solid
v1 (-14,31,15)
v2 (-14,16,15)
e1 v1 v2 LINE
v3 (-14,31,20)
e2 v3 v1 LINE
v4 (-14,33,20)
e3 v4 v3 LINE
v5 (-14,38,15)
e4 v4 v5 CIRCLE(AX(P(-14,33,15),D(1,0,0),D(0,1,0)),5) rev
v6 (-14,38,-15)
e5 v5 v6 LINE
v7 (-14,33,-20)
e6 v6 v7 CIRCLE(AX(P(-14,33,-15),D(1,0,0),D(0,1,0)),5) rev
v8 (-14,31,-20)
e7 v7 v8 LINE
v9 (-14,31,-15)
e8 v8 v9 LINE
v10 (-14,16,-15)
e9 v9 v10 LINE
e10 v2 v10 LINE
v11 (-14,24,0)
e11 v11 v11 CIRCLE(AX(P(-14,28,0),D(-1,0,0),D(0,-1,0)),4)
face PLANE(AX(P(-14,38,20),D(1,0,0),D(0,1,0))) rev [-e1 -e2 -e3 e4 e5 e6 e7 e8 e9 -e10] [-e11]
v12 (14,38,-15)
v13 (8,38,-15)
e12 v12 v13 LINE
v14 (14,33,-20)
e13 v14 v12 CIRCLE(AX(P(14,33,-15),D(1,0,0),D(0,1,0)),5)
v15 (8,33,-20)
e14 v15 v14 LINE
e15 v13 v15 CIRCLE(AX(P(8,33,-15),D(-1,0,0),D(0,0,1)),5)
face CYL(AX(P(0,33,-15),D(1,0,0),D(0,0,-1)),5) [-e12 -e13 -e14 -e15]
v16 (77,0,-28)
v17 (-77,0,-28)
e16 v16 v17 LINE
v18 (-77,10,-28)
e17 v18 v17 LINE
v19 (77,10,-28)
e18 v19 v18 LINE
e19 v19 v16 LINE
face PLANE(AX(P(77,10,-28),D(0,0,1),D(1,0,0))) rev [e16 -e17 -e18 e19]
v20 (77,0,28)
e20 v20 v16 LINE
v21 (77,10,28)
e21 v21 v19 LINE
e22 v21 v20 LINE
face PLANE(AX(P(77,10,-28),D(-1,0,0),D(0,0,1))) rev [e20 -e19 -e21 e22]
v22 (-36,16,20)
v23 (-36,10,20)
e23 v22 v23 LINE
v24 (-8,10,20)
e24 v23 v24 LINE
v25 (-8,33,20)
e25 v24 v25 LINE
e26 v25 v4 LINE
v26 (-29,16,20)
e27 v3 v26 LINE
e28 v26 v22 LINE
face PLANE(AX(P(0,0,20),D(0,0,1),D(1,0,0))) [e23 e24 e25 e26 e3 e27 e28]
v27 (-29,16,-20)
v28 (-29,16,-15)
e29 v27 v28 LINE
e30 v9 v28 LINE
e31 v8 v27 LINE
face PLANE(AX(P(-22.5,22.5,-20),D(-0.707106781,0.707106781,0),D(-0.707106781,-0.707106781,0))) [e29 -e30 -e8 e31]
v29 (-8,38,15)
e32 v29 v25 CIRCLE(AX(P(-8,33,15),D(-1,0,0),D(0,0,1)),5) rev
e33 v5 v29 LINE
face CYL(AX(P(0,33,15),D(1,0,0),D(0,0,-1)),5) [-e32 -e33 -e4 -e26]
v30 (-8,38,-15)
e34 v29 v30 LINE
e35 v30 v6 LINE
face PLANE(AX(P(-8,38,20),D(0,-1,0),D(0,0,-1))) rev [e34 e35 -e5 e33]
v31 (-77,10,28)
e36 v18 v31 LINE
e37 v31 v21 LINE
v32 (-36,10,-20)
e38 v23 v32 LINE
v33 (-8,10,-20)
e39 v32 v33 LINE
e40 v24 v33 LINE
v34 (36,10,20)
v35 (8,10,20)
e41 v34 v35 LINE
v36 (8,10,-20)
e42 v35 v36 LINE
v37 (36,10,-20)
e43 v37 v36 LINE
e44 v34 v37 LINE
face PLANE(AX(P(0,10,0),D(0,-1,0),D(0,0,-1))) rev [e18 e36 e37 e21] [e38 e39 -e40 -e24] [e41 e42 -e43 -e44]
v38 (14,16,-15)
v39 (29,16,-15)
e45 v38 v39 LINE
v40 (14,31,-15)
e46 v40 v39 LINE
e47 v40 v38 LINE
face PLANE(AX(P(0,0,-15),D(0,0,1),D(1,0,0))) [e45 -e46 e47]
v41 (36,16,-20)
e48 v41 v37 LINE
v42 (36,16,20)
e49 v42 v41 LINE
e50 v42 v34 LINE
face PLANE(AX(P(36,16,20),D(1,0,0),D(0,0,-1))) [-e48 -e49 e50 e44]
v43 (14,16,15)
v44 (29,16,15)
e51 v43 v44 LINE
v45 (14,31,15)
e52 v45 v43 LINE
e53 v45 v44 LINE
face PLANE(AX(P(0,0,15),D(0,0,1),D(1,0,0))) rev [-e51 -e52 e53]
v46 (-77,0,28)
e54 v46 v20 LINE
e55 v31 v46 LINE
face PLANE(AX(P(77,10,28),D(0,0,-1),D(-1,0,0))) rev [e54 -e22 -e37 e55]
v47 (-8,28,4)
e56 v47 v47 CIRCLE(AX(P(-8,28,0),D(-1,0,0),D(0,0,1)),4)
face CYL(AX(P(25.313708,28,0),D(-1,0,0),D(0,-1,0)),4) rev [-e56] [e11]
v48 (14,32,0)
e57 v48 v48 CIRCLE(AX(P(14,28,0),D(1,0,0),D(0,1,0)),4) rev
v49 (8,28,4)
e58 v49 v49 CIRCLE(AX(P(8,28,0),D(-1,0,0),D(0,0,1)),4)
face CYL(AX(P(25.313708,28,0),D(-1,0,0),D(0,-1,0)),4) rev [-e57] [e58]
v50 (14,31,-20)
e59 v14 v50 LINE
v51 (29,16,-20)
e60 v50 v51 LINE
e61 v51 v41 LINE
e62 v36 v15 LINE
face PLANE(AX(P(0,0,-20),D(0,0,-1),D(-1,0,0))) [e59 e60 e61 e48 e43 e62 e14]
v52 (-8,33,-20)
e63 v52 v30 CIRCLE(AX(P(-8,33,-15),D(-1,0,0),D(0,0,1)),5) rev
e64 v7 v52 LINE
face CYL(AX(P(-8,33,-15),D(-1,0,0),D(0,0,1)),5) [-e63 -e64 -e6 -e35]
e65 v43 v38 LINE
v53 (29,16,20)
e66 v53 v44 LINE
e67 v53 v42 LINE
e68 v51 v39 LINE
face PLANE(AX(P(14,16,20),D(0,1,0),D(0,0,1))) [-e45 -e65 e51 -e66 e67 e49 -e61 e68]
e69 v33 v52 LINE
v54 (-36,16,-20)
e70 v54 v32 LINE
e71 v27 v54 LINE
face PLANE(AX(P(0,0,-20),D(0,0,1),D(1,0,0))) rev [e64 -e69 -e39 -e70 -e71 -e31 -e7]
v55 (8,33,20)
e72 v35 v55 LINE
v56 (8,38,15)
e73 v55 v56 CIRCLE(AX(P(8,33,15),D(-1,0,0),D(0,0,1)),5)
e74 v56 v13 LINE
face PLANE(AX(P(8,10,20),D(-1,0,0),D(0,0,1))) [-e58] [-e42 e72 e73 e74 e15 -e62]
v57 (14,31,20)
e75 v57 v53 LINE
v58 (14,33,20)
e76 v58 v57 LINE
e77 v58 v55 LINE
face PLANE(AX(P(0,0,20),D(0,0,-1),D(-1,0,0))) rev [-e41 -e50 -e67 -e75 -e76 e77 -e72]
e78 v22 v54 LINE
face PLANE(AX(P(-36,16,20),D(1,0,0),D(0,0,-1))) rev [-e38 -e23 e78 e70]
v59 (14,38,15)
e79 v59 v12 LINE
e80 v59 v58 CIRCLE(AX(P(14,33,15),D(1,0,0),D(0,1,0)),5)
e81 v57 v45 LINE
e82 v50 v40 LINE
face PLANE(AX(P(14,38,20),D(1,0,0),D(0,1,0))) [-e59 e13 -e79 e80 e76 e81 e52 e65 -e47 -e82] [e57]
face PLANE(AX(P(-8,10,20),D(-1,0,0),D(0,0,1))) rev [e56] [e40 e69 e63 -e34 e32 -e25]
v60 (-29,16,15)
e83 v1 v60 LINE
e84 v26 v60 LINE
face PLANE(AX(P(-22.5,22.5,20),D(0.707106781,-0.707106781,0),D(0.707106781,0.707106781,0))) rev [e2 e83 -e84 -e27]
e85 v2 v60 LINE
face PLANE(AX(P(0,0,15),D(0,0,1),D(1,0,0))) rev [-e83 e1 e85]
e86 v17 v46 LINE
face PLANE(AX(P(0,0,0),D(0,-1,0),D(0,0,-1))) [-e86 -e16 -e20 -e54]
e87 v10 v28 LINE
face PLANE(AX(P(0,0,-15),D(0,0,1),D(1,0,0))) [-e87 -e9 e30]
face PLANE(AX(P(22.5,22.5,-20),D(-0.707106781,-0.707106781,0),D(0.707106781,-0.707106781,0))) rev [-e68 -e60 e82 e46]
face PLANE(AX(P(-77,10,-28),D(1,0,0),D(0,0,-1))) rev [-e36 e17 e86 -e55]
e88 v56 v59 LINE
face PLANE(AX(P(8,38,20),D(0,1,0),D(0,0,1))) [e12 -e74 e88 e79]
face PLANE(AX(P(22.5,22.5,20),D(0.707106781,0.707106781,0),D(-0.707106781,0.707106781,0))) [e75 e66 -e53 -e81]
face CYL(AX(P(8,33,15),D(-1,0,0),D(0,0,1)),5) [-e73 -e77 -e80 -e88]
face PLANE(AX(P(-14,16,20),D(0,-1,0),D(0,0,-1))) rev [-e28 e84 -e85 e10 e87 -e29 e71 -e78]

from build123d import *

# Parameters (mm, degrees)
SKETCH1_W           = 154
SKETCH1_H           = 56
PLATE_DEPTH         = 10
BOSS_EXTRUDE1_DEPTH = 20
CORNER_START        = -15
CORNER_DEPTH        = 5
CORNER2_START       = 15
CORNER2_DEPTH       = 5
SKETCH3_R           = 4
CUT_EXTRUDE1_DEPTH  = 28
FILLET1_R           = 5


with BuildPart() as part:
    # Sketch1 → plate (new body)
    with BuildSketch(Plane(origin=(0, 0, 0), x_dir=(1, 0, 0), z_dir=(0, 1, 0))):
        Rectangle(SKETCH1_W, SKETCH1_H)
    extrude(amount=PLATE_DEPTH)

    # Sketch2 → Boss-Extrude1 (add, symmetric)
    with BuildSketch(Plane.XY):
        Polygon((-8, 10), (-8, 38), (-14, 38), (-14, 16), (-36, 16), (-36, 10), align=None)
        Polygon((36, 16), (36, 10), (8, 10), (8, 38), (14, 38), (14, 16), align=None)
    extrude(amount=BOSS_EXTRUDE1_DEPTH, both=True)

    # Sketch2<4> → Corner (add)
    with BuildSketch(Plane.XY.offset(CORNER_START)):
        Polygon((-14, 16), (-14, 31), (-29, 16), align=None)
        Polygon((29, 16), (14, 31), (14, 16), align=None)
    extrude(amount=-CORNER_DEPTH)

    # Sketch2<3> → Corner2 (add)
    with BuildSketch(Plane.XY.offset(CORNER2_START)):
        Polygon((-14, 16), (-14, 31), (-29, 16), align=None)
        Polygon((29, 16), (14, 31), (14, 16), align=None)
    extrude(amount=CORNER2_DEPTH)

    # Sketch3 → Cut-Extrude1 (cut)
    with BuildSketch(Plane.ZY.offset(14)):
        with Locations((0, 28)):
            Circle(SKETCH3_R)
    extrude(amount=-CUT_EXTRUDE1_DEPTH, mode=Mode.SUBTRACT)

    # Fillet1
    fillet1_edges = [part.edges().sort_by_distance(p)[0] for p in [
        (-11, 38, -20),
        (-11, 38, 20),
        (11, 38, 20),
        (11, 38, -20),
    ]]
    fillet(fillet1_edges, radius=FILLET1_R)


solid = part.part
